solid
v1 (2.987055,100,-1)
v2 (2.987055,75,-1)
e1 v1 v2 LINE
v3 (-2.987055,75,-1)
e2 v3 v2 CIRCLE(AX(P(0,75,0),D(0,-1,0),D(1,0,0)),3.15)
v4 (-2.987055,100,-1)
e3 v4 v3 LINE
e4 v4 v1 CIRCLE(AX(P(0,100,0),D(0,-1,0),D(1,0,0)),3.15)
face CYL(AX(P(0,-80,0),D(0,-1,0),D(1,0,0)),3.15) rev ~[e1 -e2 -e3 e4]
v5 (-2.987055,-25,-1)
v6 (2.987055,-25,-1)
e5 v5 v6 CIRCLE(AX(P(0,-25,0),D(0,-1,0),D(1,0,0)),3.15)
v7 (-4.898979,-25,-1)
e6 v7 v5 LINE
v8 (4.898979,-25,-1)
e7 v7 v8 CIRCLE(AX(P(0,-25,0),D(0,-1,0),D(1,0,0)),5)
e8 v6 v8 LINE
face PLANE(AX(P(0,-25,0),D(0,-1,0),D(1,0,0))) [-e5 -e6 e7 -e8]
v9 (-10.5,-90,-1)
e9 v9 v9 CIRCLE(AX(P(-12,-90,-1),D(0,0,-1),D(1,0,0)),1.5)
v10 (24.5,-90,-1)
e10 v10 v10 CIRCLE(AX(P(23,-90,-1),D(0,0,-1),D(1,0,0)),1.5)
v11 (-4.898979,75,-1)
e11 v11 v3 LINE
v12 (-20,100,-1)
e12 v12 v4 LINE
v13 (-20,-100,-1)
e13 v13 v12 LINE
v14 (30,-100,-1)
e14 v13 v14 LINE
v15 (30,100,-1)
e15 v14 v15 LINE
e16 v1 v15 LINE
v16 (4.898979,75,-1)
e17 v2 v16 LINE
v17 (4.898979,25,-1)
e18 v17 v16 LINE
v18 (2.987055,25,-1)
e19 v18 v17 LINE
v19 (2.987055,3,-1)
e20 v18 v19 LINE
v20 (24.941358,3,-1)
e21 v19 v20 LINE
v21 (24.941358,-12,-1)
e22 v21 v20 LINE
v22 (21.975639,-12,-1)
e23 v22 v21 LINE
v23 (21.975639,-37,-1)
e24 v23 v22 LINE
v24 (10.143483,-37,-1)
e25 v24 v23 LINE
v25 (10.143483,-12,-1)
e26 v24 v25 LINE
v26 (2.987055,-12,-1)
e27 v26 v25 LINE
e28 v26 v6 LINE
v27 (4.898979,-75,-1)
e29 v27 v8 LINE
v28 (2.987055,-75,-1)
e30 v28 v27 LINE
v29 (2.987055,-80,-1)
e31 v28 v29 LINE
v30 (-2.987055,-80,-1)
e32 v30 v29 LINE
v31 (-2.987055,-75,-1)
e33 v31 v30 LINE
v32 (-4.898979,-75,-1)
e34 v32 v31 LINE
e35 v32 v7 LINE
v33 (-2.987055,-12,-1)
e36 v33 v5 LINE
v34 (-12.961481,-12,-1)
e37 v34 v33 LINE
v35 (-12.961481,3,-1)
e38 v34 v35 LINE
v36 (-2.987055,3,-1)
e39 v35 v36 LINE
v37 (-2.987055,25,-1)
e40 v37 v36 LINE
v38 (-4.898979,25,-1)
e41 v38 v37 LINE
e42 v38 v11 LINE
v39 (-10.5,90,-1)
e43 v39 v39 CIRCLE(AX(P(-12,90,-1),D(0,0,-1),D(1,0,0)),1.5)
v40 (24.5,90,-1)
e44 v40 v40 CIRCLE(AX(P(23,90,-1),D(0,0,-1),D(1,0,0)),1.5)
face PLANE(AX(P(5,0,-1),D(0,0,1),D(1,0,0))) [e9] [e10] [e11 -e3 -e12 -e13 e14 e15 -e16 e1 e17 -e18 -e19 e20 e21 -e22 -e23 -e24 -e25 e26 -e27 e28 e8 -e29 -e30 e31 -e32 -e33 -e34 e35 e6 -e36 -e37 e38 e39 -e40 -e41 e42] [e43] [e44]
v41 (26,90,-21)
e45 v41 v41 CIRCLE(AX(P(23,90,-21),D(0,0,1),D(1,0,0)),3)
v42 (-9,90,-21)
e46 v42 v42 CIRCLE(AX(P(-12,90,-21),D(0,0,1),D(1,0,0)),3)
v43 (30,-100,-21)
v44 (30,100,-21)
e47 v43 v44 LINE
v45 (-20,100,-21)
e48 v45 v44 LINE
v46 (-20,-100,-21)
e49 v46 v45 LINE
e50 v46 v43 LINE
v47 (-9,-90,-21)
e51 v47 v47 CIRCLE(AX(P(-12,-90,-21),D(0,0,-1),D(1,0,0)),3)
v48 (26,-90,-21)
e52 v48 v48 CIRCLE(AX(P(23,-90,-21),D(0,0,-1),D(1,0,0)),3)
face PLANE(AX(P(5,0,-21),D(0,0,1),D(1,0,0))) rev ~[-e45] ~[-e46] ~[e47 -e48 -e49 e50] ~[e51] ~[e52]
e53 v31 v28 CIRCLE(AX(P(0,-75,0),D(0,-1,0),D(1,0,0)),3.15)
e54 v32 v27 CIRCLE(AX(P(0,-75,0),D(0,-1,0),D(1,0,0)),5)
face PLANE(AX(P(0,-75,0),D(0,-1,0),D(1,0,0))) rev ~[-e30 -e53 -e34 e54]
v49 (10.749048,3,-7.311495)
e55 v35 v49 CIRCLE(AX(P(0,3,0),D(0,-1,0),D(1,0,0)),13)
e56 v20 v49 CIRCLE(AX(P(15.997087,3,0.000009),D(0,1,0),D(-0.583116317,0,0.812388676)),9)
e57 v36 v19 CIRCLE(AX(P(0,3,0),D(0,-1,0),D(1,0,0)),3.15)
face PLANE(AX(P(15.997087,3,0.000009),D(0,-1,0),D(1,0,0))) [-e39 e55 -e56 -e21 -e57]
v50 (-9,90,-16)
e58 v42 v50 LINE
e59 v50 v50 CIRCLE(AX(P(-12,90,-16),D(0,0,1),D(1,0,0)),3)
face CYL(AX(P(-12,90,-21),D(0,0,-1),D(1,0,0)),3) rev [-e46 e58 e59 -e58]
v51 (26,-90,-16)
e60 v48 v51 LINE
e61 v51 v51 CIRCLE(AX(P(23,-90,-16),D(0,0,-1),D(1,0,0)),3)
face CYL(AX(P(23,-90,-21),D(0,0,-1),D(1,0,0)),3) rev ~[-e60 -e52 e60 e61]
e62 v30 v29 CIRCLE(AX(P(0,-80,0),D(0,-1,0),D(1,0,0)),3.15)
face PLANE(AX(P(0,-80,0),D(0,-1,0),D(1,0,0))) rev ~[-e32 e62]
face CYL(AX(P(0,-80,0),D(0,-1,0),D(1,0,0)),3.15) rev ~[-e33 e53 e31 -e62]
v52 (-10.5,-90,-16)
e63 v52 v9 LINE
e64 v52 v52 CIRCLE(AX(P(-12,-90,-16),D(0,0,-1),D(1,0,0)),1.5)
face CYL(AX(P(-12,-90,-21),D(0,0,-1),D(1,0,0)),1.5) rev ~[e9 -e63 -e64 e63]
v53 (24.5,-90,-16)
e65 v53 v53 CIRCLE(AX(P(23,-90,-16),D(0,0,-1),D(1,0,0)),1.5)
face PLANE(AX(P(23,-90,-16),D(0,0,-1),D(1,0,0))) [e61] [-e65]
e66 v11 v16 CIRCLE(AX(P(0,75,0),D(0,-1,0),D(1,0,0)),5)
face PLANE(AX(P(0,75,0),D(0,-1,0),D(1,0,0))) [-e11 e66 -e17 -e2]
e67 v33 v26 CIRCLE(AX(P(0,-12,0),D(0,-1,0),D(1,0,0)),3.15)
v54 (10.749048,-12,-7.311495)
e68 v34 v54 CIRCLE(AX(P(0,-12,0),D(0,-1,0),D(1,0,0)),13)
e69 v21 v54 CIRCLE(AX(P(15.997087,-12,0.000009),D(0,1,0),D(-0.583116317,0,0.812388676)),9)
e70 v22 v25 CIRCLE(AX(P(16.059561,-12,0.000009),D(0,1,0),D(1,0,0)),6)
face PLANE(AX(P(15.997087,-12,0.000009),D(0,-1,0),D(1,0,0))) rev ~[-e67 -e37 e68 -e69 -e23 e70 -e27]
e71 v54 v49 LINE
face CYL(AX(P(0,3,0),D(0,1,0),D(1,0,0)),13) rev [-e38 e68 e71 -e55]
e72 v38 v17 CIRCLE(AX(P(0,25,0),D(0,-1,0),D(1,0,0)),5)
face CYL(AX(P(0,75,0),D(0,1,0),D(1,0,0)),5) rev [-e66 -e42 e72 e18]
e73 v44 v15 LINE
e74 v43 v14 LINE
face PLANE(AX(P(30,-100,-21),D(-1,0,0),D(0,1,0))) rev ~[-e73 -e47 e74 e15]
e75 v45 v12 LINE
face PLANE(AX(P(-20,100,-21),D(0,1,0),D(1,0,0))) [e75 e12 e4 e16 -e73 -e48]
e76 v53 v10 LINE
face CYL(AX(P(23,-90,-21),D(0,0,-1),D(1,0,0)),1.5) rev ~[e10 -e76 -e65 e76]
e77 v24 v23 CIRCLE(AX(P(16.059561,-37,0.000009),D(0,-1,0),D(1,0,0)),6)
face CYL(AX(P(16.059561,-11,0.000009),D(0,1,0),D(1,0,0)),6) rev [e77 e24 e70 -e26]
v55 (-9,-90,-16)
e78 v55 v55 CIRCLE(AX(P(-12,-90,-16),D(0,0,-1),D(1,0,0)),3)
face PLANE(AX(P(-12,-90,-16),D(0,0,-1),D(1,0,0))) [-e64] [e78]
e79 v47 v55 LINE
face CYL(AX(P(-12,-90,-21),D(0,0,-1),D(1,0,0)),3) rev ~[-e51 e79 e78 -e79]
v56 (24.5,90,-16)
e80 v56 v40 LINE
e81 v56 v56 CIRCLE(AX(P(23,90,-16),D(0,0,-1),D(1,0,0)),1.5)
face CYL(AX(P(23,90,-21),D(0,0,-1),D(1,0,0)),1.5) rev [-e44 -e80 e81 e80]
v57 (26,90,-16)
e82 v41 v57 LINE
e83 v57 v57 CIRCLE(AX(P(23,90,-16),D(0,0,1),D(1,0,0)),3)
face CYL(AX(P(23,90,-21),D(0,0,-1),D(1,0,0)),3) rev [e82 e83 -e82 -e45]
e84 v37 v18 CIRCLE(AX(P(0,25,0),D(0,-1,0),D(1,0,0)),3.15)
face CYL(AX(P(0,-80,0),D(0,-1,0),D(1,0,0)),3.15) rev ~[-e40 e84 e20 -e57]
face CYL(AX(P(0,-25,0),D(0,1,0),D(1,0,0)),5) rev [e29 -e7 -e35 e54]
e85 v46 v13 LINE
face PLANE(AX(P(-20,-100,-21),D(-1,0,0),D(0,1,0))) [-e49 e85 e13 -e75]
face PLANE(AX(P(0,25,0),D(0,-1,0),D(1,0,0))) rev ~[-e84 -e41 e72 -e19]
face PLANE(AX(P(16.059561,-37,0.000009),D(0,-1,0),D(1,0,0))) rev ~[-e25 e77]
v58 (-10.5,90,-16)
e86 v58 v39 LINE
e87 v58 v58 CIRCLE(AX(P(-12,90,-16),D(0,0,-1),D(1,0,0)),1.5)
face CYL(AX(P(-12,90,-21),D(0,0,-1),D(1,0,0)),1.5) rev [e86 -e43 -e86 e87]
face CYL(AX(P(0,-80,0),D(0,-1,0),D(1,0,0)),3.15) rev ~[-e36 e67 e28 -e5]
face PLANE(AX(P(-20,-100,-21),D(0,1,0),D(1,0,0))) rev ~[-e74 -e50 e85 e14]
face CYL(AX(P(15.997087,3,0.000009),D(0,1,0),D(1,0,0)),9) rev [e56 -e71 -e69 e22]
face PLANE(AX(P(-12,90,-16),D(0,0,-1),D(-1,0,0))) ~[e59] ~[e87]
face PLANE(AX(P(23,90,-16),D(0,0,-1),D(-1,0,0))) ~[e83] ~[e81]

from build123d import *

# Parameters (mm, degrees)
SKETCH006_R     = 3.15
PAD002_DEPTH    = 190
SKETCH011_R     = 5
PAD007_DEPTH    = 50
SKETCH010_R     = 5
PAD006_DEPTH    = 50
SKETCH008_R     = 13
PAD004_DEPTH    = 15
SKETCH009_R     = 9
PAD005_DEPTH    = 15
SKETCH013_R     = 6
PAD008_DEPTH    = 26
BOX001_W        = 50
BOX001_H        = 200
BOX001_DEPTH    = 20
SKETCH015_R     = 1.5
POCKET001_DEPTH = 434.247304
SKETCH016_R     = 1.5
POCKET002_DEPTH = 434.247304
SKETCH017_R     = 3
POCKET003_DEPTH = 5
SKETCH018_R     = 3
POCKET004_DEPTH = 5


with BuildPart() as pad002:
    # Sketch006 → Pad002 (new body)
    with BuildSketch(Plane.XZ.offset(80)):
        Circle(SKETCH006_R)
    extrude(amount=-PAD002_DEPTH)


with BuildPart() as pad007:
    # Sketch011 → Pad007 (new body)
    with BuildSketch(Plane.XZ.offset(-75)):
        Circle(SKETCH011_R)
    extrude(amount=PAD007_DEPTH)


with BuildPart() as scassi_perno:
    # Sketch010 → Pad006 (new body)
    with BuildSketch(Plane.XZ.offset(25)):
        Circle(SKETCH010_R)
    extrude(amount=PAD006_DEPTH)

    # Fusion002: union Pad007
    add(pad007.part)


with BuildPart() as scasso_ruota_dentata:
    # Sketch008 → Pad004 (new body)
    with BuildSketch(Plane.XZ.offset(-3)):
        Circle(SKETCH008_R)
    extrude(amount=PAD004_DEPTH)


with BuildPart() as scassi_ruote_dentate:
    # Sketch009 → Pad005 (new body)
    with BuildSketch(Plane.XZ.offset(-3)):
        with Locations((15.997087, 9e-06)):
            Circle(SKETCH009_R)
    extrude(amount=PAD005_DEPTH)

    # Fusion001: union scasso_ruota_dentata
    add(scasso_ruota_dentata.part)


with BuildPart() as fusion:
    # Sketch013 → Pad008 (new body)
    with BuildSketch(Plane.XZ.offset(11)):
        with Locations((16.059561, 9e-06)):
            Circle(SKETCH013_R)
    extrude(amount=PAD008_DEPTH)

    # Fusion005: union scassi_perno, scassi_ruote_dentate
    add(scassi_perno.part)
    add(scassi_ruote_dentate.part)

    # Fusion: union Pad002
    add(pad002.part)


with BuildPart() as tappo_viti:
    # Box001 → Box001 (new body)
    with BuildSketch(Plane(origin=(-20, -100, -21), x_dir=(1, 0, 0), z_dir=(0, 0, 1))):
        with Locations((25, 100)):
            Rectangle(BOX001_W, BOX001_H)
    extrude(amount=BOX001_DEPTH)

    # Cut001: cut Fusion
    add(fusion.part, mode=Mode.SUBTRACT)

    # Sketch015 → Pocket001 (cut, through all)
    with BuildSketch(Plane(origin=(0, 0, -21), x_dir=(1, 0, 0), z_dir=(0, 0, -1))):
        with Locations((23, 90)):
            Circle(SKETCH015_R)
    pocket001 = extrude(amount=-POCKET001_DEPTH, mode=Mode.SUBTRACT)

    # Mirrored: Pocket001 across Sketch015 H_Axis
    add(pocket001.mirror(Plane(origin=(0, 0, -21), x_dir=(0, 0, -1), z_dir=(0, -1, 0))), mode=Mode.SUBTRACT)

    # Sketch016 → Pocket002 (cut, through all)
    with BuildSketch(Plane(origin=(0, 0, -21), x_dir=(1, 0, 0), z_dir=(0, 0, -1))):
        with Locations((-12, 90)):
            Circle(SKETCH016_R)
    pocket002 = extrude(amount=-POCKET002_DEPTH, mode=Mode.SUBTRACT)

    # Mirrored001: Pocket002 across Sketch016 H_Axis
    add(pocket002.mirror(Plane(origin=(0, 0, -21), x_dir=(0, 0, -1), z_dir=(0, -1, 0))), mode=Mode.SUBTRACT)

    # Sketch017 → Pocket003 (cut)
    with BuildSketch(Plane(origin=(0, 0, -21), x_dir=(1, 0, 0), z_dir=(0, 0, -1))):
        with Locations((23, 90)):
            Circle(SKETCH017_R)
    pocket003 = extrude(amount=-POCKET003_DEPTH, mode=Mode.SUBTRACT)

    # Mirrored002: Pocket003 across Sketch017 H_Axis
    add(pocket003.mirror(Plane(origin=(0, 0, -21), x_dir=(0, 0, -1), z_dir=(0, -1, 0))), mode=Mode.SUBTRACT)

    # Sketch018 → Pocket004 (cut)
    with BuildSketch(Plane(origin=(0, 0, -21), x_dir=(1, 0, 0), z_dir=(0, 0, -1))):
        with Locations((-12, 90)):
            Circle(SKETCH018_R)
    pocket004 = extrude(amount=-POCKET004_DEPTH, mode=Mode.SUBTRACT)

    # Mirrored003: Pocket004 across Sketch018 H_Axis
    add(pocket004.mirror(Plane(origin=(0, 0, -21), x_dir=(0, 0, -1), z_dir=(0, -1, 0))), mode=Mode.SUBTRACT)


solid = tappo_viti.part
